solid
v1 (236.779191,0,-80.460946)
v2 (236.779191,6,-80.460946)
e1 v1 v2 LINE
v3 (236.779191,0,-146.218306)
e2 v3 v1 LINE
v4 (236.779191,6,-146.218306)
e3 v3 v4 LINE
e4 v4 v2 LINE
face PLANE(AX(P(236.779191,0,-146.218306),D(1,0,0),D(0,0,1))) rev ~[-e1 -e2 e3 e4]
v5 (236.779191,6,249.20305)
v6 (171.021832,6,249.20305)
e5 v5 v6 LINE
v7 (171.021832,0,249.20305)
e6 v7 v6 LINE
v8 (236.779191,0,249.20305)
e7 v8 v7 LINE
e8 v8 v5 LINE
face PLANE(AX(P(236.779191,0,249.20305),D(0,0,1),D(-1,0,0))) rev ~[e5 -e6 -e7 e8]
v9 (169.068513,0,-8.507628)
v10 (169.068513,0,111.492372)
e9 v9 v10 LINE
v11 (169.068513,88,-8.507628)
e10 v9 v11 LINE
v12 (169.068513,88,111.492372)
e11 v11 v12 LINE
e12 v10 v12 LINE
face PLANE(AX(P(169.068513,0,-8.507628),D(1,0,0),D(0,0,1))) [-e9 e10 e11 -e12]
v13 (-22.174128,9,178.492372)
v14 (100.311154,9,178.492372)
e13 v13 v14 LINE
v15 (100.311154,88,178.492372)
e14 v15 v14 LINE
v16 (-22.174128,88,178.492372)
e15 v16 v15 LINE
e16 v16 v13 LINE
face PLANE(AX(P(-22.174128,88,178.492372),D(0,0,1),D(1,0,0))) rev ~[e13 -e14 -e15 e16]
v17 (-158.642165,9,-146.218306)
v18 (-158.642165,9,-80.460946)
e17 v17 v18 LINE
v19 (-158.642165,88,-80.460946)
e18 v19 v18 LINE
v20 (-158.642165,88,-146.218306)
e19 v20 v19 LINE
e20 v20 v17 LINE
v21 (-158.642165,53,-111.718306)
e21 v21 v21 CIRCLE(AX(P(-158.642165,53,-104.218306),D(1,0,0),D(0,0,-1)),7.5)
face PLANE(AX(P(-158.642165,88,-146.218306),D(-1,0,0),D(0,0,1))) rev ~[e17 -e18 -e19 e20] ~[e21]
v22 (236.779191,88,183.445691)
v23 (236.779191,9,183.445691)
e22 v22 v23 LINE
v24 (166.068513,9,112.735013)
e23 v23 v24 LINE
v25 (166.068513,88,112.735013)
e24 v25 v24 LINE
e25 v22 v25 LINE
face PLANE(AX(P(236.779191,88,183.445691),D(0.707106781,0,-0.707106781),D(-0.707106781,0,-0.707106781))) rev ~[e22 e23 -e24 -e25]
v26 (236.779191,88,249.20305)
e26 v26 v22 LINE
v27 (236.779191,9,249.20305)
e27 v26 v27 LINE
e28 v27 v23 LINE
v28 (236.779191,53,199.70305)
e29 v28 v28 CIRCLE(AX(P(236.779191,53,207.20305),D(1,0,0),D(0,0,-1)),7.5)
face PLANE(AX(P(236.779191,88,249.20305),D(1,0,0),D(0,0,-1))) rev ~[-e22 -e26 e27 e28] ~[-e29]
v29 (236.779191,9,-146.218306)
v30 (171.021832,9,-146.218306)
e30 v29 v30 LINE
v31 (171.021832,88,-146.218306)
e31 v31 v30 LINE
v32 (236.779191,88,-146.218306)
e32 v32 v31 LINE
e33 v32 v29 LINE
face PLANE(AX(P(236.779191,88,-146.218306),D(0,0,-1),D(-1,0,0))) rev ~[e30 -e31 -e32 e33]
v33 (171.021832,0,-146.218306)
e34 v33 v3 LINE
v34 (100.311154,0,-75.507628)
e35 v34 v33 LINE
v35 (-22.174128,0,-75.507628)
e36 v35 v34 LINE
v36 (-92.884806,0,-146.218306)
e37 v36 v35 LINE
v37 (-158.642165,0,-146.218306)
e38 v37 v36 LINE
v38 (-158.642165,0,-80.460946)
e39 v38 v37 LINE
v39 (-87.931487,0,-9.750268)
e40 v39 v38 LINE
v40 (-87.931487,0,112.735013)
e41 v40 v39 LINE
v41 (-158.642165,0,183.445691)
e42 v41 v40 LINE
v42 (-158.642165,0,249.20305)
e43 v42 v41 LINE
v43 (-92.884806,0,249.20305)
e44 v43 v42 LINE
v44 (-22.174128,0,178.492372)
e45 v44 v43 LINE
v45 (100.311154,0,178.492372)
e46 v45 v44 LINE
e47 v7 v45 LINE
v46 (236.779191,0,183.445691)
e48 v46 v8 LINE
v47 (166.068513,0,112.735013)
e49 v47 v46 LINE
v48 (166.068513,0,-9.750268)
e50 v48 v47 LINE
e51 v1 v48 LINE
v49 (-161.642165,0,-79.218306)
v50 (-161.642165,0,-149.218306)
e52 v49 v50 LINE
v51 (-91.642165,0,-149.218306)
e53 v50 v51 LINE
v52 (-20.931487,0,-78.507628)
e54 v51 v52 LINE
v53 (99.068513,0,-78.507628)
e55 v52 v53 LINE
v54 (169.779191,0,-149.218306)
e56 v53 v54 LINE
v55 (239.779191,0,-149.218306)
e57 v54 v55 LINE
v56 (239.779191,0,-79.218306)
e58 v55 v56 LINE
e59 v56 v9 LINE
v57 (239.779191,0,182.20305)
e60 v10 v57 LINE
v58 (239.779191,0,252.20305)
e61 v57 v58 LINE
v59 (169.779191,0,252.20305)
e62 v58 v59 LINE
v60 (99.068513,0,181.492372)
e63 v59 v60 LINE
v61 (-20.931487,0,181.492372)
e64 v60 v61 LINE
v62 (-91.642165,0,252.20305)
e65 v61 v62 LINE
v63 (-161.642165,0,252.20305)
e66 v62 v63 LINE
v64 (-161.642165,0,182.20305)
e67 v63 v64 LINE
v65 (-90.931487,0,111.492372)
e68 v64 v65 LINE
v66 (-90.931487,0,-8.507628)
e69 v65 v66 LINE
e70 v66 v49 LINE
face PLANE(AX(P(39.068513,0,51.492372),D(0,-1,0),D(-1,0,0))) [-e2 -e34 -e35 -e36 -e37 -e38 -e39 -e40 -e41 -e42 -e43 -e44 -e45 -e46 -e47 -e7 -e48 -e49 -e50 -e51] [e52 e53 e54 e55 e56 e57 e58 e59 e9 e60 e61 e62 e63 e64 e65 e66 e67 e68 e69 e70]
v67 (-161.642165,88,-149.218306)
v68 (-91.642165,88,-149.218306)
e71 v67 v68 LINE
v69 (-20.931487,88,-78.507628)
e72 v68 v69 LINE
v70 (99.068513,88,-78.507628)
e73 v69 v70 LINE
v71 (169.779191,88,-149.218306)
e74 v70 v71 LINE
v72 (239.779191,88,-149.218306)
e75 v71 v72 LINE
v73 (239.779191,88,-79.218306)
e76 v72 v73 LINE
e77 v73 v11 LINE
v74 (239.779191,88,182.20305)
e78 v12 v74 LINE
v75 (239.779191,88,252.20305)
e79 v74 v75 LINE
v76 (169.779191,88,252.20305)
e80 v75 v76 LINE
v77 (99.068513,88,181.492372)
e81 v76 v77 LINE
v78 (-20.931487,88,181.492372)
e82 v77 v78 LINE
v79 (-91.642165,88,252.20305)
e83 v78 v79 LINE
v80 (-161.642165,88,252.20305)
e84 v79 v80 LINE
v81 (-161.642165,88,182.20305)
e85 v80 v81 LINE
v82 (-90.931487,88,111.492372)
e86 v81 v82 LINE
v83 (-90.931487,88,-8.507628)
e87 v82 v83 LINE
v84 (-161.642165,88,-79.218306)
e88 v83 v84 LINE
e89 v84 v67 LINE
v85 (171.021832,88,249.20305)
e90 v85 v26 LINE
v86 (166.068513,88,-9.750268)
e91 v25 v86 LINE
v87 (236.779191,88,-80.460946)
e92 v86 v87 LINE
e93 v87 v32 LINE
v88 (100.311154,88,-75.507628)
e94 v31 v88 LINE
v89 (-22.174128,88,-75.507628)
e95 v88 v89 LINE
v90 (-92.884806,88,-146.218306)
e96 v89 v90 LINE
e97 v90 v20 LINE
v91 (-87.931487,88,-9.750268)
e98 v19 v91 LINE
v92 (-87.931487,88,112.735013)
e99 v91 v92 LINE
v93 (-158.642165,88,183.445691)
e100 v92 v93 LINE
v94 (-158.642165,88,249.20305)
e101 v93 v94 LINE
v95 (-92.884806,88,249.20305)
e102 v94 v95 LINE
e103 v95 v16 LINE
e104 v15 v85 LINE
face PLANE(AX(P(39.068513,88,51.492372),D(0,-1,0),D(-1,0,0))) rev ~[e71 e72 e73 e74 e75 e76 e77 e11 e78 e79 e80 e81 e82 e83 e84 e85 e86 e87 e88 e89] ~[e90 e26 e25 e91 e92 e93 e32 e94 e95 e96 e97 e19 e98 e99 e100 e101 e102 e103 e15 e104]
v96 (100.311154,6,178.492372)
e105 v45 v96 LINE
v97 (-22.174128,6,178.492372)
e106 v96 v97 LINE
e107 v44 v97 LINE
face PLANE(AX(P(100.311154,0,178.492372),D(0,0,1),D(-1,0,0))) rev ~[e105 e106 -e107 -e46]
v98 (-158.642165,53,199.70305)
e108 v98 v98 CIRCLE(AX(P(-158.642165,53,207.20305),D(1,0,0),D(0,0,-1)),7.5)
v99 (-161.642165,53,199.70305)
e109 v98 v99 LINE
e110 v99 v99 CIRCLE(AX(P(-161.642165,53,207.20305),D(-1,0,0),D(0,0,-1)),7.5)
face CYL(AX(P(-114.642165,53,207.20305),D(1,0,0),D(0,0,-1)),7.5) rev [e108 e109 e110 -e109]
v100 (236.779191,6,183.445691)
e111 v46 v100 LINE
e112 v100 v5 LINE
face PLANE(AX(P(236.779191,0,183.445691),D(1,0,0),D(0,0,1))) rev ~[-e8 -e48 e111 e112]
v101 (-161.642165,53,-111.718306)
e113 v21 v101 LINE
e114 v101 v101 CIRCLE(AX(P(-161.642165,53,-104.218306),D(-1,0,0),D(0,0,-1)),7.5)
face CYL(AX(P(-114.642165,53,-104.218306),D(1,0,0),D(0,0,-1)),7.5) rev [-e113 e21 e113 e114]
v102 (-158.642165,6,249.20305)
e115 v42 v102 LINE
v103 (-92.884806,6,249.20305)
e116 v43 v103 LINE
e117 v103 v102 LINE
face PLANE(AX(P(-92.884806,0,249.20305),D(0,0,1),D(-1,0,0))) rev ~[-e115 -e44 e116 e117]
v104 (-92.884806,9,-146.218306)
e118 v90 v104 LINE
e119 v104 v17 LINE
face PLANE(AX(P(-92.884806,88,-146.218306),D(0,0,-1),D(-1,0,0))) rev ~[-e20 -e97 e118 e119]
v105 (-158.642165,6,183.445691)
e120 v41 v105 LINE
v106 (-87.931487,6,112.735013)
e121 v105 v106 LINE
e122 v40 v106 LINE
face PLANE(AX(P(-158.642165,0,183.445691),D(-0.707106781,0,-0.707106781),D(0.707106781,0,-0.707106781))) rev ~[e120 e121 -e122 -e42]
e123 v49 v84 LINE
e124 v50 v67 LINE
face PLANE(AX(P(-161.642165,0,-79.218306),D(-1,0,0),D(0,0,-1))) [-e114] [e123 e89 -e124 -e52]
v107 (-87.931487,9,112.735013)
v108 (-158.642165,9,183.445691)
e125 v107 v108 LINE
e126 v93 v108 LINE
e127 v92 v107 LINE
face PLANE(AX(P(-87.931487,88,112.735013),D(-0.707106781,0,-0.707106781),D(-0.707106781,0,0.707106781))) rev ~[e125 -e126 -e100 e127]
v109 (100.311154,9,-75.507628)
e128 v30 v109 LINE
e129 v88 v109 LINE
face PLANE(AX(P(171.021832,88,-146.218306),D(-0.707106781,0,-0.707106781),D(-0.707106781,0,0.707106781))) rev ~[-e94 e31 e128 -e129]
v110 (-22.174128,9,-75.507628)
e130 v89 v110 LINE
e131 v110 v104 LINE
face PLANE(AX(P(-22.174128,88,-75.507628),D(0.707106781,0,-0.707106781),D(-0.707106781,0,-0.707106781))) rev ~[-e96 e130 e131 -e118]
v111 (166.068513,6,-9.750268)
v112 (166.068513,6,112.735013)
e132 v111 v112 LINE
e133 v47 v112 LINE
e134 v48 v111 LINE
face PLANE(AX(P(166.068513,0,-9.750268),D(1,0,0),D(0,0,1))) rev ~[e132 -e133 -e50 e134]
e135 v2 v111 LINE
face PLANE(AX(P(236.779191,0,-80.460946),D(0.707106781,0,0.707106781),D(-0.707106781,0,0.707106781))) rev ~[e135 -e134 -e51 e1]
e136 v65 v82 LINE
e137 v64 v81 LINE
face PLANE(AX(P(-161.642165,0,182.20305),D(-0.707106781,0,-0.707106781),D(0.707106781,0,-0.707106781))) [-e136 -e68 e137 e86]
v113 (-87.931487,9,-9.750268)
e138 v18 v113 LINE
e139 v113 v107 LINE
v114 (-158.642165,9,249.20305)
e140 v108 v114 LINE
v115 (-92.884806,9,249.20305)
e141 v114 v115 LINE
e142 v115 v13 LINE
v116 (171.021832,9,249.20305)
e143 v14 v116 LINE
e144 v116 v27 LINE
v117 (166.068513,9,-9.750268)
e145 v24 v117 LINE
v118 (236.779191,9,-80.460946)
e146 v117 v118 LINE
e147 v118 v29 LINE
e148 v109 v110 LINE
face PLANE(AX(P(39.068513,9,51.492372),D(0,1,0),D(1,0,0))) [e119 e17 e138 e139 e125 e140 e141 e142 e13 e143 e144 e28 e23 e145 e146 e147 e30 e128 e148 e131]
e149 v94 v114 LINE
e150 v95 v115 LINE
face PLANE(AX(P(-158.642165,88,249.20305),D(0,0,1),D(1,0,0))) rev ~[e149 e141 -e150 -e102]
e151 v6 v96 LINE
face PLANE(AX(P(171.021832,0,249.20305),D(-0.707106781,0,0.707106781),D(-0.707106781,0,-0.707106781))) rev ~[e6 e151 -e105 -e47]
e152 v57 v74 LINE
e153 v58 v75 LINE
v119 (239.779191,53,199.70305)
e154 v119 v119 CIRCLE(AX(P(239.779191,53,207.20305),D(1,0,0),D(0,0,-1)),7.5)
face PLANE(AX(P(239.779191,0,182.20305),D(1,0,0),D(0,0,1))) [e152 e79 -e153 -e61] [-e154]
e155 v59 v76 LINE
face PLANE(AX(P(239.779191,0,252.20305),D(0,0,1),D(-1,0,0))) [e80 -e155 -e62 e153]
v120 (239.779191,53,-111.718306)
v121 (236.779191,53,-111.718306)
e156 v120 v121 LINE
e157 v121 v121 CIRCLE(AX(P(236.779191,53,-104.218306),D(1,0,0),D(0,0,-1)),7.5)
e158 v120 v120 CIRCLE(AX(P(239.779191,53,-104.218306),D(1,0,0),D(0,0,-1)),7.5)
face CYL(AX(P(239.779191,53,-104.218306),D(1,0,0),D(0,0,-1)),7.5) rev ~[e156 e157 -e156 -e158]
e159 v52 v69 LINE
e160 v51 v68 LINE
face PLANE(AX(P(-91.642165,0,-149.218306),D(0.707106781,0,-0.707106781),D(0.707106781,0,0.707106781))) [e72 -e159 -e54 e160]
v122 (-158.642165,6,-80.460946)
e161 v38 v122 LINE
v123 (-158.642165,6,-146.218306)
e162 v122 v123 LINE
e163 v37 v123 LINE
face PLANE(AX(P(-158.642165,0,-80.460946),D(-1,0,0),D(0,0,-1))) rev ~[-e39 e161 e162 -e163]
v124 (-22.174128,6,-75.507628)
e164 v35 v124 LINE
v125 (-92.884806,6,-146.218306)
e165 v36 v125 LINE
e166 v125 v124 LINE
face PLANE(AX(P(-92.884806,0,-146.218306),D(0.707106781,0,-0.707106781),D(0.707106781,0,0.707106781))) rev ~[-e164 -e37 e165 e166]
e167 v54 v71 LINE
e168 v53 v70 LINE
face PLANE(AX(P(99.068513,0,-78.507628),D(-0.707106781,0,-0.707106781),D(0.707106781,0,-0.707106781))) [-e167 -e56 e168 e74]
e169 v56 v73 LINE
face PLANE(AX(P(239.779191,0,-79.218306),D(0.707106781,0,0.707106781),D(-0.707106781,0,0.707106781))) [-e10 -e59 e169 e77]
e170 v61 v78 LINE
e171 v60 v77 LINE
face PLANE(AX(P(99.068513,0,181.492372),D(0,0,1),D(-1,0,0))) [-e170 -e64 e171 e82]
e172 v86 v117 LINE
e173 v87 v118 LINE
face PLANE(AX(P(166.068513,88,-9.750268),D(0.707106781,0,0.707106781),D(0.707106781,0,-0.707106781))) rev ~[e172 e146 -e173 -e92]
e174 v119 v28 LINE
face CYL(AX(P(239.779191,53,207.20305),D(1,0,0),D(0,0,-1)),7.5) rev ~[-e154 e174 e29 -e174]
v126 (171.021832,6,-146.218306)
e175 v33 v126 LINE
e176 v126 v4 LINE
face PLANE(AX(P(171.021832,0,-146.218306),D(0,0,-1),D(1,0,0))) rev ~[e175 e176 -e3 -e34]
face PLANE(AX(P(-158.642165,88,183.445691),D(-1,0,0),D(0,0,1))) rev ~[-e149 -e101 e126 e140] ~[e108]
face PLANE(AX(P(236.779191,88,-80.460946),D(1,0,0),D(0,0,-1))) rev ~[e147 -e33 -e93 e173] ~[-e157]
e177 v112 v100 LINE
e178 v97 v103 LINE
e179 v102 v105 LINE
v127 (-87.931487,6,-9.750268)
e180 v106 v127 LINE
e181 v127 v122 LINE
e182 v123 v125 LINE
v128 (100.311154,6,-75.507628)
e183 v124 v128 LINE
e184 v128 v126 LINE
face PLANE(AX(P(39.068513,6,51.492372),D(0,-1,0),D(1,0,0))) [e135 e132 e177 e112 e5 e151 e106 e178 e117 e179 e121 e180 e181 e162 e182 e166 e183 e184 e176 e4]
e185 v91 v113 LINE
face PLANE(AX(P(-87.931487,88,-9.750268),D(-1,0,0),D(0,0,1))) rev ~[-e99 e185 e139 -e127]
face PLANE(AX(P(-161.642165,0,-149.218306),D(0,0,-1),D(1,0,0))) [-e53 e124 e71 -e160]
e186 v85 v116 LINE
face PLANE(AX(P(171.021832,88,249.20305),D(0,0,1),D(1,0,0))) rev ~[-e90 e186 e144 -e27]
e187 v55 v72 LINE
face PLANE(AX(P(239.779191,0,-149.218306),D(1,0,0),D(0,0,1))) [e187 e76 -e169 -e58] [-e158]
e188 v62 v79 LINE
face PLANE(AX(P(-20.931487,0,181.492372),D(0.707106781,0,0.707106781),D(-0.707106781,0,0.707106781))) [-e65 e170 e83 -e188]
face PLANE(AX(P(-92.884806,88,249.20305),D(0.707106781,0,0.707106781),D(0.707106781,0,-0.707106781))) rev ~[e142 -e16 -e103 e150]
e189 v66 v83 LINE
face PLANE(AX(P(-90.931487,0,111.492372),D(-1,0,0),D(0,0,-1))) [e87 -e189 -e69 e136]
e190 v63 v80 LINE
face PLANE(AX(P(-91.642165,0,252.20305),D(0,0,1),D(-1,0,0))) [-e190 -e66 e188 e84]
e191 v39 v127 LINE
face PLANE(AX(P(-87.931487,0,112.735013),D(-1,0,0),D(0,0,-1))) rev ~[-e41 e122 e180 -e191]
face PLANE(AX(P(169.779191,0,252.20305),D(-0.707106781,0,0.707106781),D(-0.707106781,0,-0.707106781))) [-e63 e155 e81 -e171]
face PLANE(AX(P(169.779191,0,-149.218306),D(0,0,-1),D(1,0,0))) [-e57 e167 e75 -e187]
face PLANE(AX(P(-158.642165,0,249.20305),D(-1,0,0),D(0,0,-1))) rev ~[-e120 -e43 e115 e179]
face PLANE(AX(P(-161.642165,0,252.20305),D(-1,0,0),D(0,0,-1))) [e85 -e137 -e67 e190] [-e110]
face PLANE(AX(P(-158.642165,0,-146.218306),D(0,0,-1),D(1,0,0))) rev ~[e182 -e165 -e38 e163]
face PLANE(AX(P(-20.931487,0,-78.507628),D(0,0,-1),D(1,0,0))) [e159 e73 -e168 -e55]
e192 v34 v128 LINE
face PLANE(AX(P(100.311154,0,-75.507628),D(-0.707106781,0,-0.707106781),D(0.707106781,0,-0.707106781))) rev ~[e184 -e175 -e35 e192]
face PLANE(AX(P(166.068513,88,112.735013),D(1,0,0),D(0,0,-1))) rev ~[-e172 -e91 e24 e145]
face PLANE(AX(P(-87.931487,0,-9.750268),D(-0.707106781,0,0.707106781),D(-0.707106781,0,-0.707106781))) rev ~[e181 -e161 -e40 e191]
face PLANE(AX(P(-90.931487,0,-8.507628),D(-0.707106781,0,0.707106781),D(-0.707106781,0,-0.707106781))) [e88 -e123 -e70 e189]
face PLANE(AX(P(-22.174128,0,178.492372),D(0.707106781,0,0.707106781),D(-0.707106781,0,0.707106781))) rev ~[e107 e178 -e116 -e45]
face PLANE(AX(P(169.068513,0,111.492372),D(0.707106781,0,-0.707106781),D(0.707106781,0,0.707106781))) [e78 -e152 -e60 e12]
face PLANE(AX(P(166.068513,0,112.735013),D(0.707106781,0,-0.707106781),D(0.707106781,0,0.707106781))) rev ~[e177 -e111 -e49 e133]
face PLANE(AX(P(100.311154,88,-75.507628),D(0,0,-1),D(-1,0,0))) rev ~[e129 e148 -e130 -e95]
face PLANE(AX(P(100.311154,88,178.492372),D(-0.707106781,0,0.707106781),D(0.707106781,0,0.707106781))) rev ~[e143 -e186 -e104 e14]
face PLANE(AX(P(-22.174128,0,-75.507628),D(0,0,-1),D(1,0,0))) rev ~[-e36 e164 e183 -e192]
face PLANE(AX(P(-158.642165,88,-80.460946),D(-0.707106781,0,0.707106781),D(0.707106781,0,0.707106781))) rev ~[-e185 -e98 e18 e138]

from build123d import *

# Parameters (mm, degrees)
BOSS_EXTRUDE1_DEPTH = 88
CUT_EXTRUDE1_DEPTH  = 79
SKETCH4_R           = 7.5
CUT_EXTRUDE2_DEPTH  = 47
SKETCH6_R           = 7.5
CUT_EXTRUDE4_DEPTH  = 47
CUT_EXTRUDE5_START  = -47
SKETCH7_R           = 7.5
CUT_EXTRUDE5_DEPTH  = 47
CUT_EXTRUDE6_START  = -47
SKETCH8_R           = 7.5
CUT_EXTRUDE6_DEPTH  = 47
CUT_EXTRUDE8_DEPTH  = 6


with BuildPart() as part:
    # Sketch1 → Boss-Extrude1 (new body)
    with BuildSketch(Plane(origin=(0, 0, 0), x_dir=(1, 0, 0), z_dir=(0, 1, 0))):
        Polygon((-161.642165003, 149.218305812), (-91.642165003, 149.218305812), (-20.931486885, 78.507627693), (99.068513115, 78.507627693), (169.779191234, 149.218305812), (239.779191234, 149.218305812), (239.779191234, 79.218305812), (169.068513115, 8.507627693), (169.068513115, -111.492372307), (239.779191234, -182.203050426), (239.779191234, -252.203050426), (169.779191234, -252.203050426), (99.068513115, -181.492372307), (-20.931486885, -181.492372307), (-91.642165003, -252.203050426), (-161.642165003, -252.203050426), (-161.642165003, -182.203050426), (-90.931486885, -111.492372307), (-90.931486885, 8.507627693), (-161.642165003, 79.218305812), align=None)
    extrude(amount=BOSS_EXTRUDE1_DEPTH)

    # Sketch3 → Cut-Extrude1 (cut)
    with BuildSketch(Plane(origin=(0, 88, 0), x_dir=(1, 0, 0), z_dir=(0, 1, 0))):
        Polygon((-158.642165003, 146.218305812), (-158.642165003, 80.460946499), (-87.931486885, 9.75026838), (-87.931486885, -112.735012994), (-158.642165003, -183.445691113), (-158.642165003, -249.203050426), (-92.88480569, -249.203050426), (-22.174127572, -178.492372307), (100.311153802, -178.492372307), (171.021831921, -249.203050426), (236.779191234, -249.203050426), (236.779191234, -183.445691113), (166.068513115, -112.735012994), (166.068513115, 9.75026838), (236.779191234, 80.460946499), (236.779191234, 146.218305812), (171.021831921, 146.218305812), (100.311153802, 75.507627693), (-22.174127572, 75.507627693), (-92.88480569, 146.218305812), align=None)
    extrude(amount=-CUT_EXTRUDE1_DEPTH, mode=Mode.SUBTRACT)

    # Sketch4 → Cut-Extrude2 (cut)
    with BuildSketch(Plane(origin=(239.779191234, 0, 0), x_dir=(0, 0, -1), z_dir=(1, 0, 0))):
        with Locations((-207.203050426, 53)):
            Circle(SKETCH4_R)
    extrude(amount=-CUT_EXTRUDE2_DEPTH, mode=Mode.SUBTRACT)

    # Sketch6 → Cut-Extrude4 (cut)
    with BuildSketch(Plane(origin=(239.779191234, 0, 0), x_dir=(0, 0, -1), z_dir=(1, 0, 0))):
        with Locations((104.218305812, 53)):
            Circle(SKETCH6_R)
    extrude(amount=-CUT_EXTRUDE4_DEPTH, mode=Mode.SUBTRACT)

    # Sketch7 → Cut-Extrude5 (cut)
    with BuildSketch(Plane.ZY.offset(161.642165003).offset(CUT_EXTRUDE5_START)):
        with Locations(Location((-104.218305812, 53, 0), (0, 0, 180))):
            Circle(SKETCH7_R)
    extrude(amount=CUT_EXTRUDE5_DEPTH, mode=Mode.SUBTRACT)

    # Sketch8 → Cut-Extrude6 (cut)
    with BuildSketch(Plane.ZY.offset(161.642165003).offset(CUT_EXTRUDE6_START)):
        with Locations(Location((207.203050426, 53, 0), (0, 0, 180))):
            Circle(SKETCH8_R)
    extrude(amount=CUT_EXTRUDE6_DEPTH, mode=Mode.SUBTRACT)

    # Sketch17 → Cut-Extrude8 (cut)
    with BuildSketch(Plane.XZ):
        Polygon((100.311153802, -75.507627693), (171.021831921, -146.218305812), (236.779191234, -146.218305812), (236.779191234, -80.460946499), (166.068513115, -9.75026838), (166.068513115, 112.735012994), (236.779191234, 183.445691113), (236.779191234, 249.203050426), (171.021831921, 249.203050426), (100.311153802, 178.492372307), (-22.174127572, 178.492372307), (-92.88480569, 249.203050426), (-158.642165003, 249.203050426), (-158.642165003, 183.445691113), (-87.931486885, 112.735012994), (-87.931486885, -9.75026838), (-158.642165003, -80.460946499), (-158.642165003, -146.218305812), (-92.88480569, -146.218305812), (-22.174127572, -75.507627693), align=None)
    extrude(amount=-CUT_EXTRUDE8_DEPTH, mode=Mode.SUBTRACT)


solid = part.part
